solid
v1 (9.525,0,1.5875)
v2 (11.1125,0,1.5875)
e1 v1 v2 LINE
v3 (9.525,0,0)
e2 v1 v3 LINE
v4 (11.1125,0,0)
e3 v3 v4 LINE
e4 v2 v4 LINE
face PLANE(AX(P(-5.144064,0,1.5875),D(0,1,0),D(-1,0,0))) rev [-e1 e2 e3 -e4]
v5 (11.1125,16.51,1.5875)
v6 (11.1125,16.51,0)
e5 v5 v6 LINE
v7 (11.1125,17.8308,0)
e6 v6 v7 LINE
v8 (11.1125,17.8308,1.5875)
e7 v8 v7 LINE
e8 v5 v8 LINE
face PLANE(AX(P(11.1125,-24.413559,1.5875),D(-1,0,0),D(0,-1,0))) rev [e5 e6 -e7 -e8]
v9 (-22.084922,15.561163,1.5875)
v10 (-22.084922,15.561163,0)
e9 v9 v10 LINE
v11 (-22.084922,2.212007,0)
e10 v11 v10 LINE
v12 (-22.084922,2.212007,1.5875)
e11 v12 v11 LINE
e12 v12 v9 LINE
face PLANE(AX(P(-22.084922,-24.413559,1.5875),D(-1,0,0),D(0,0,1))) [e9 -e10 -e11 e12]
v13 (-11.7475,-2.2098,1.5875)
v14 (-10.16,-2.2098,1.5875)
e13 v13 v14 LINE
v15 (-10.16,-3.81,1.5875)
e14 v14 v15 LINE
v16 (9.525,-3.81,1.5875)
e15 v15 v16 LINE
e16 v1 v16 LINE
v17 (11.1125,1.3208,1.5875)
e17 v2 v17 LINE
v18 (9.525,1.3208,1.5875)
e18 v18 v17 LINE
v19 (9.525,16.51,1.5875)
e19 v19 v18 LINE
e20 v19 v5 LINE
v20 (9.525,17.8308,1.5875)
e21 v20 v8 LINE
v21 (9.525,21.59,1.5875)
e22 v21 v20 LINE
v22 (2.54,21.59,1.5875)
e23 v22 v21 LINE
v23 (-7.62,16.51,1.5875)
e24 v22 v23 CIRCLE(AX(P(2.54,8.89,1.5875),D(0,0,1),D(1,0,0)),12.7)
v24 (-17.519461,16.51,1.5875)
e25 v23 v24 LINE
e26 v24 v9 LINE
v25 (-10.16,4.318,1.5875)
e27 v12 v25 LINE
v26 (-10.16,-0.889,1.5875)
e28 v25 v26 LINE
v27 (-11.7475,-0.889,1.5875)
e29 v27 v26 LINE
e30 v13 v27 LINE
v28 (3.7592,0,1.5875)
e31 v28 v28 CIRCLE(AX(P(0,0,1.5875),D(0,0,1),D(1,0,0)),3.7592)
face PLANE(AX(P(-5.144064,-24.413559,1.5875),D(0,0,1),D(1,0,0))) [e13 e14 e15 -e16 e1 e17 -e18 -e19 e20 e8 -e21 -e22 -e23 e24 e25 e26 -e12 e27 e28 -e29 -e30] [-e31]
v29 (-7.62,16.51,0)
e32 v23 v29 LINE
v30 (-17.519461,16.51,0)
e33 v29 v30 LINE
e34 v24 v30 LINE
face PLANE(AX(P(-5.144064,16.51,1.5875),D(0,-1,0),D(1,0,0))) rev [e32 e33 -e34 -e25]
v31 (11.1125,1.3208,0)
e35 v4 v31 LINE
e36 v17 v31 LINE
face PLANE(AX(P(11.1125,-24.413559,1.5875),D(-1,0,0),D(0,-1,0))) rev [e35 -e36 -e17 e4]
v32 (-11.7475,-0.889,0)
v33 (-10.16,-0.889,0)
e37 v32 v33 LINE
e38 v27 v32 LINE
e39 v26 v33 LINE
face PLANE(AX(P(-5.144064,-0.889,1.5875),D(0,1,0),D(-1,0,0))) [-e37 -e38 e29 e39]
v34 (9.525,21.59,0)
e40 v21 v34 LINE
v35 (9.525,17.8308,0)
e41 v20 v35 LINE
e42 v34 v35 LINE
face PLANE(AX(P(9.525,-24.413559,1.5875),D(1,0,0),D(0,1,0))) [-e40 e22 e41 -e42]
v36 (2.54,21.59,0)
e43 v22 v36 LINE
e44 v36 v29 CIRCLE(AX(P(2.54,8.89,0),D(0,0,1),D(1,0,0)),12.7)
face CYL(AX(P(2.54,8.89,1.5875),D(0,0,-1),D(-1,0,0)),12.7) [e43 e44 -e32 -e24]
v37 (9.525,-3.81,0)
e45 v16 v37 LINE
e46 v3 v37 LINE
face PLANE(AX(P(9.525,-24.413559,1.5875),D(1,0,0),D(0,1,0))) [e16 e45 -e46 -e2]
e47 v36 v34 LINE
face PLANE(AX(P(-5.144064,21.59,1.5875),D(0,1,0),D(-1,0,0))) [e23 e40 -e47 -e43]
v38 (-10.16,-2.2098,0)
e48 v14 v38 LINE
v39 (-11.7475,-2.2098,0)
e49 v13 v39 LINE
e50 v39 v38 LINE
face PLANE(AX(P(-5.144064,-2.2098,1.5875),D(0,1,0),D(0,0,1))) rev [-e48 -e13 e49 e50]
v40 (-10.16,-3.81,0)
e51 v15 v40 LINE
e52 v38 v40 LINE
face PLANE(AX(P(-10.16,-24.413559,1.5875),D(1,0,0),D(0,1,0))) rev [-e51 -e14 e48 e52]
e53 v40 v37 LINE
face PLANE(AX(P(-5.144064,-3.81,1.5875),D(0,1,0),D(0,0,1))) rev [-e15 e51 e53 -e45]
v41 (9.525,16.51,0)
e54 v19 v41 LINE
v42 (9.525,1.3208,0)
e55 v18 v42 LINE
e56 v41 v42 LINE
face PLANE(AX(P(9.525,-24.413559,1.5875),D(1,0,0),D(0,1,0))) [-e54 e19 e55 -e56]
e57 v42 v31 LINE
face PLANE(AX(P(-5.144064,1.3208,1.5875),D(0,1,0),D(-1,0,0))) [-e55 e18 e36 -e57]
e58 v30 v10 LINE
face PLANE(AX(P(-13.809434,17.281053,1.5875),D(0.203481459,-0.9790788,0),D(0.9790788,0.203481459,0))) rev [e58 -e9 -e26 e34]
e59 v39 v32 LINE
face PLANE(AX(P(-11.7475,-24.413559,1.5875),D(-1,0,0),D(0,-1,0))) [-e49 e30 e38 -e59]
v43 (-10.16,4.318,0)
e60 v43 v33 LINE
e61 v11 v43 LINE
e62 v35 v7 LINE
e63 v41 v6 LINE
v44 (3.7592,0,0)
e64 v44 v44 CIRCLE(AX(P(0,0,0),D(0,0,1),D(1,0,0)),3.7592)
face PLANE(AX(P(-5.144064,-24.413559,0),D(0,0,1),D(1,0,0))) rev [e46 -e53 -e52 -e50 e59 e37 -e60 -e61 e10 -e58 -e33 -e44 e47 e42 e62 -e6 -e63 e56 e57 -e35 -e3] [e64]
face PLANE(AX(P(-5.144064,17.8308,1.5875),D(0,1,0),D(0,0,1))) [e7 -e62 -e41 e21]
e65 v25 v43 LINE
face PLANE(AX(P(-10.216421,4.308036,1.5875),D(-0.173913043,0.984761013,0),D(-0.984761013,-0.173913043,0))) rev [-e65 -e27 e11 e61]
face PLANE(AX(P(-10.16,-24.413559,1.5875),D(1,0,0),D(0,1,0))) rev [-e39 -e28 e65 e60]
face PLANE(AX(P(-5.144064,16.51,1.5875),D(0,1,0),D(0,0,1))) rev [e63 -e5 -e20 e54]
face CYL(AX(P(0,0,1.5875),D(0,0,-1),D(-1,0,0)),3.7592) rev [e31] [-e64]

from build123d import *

# Parameters (mm, degrees)
SKETCH1_R           = 3.7592
SKETCH1_W           = 1.5875
SKETCH1_H           = 1.3208
BOSS_EXTRUDE1_DEPTH = 1.5875


with BuildPart() as part:
    # Sketch1 → Boss-Extrude1 (new body)
    # profile 1 of 6: a face of its own
    with BuildSketch(Plane.XY):
        with BuildLine():
            ThreePointArc((2.54, 21.59), (-3.139612663, 20.249225326), (-7.62, 16.51))
            ThreePointArc((-7.62, 16.51), (-9.508277885, 12.906092628), (-10.16, 8.89))
            Line((-10.16, 8.89), (-10.16, 4.318))
            Line((-10.16, 4.318), (-10.16, -0.889))
            Line((-10.16, -0.889), (-10.16, -2.2098))
            Line((-10.16, -2.2098), (-10.16, -3.81))
            Line((-10.16, -3.81), (9.525, -3.81))
            Line((9.525, -3.81), (9.525, 0))
            Line((9.525, 0), (9.525, 1.3208))
            Line((9.525, 1.3208), (9.525, 16.51))
            Line((9.525, 16.51), (9.525, 17.8308))
            Line((9.525, 17.8308), (9.525, 21.59))
            Line((9.525, 21.59), (2.54, 21.59))
        make_face()
        Circle(SKETCH1_R, mode=Mode.SUBTRACT)
    # profile 2 of 6: a face of its own
    with BuildSketch(Plane.XY):
        with Locations((-10.95375, -1.5494)):
            Rectangle(SKETCH1_W, SKETCH1_H)
    # profile 3 of 6: a face of its own
    with BuildSketch(Plane.XY):
        with Locations((10.31875, 17.1704)):
            Rectangle(SKETCH1_W, SKETCH1_H)
    # profile 4 of 6: a face of its own
    with BuildSketch(Plane.XY):
        with Locations((10.31875, 0.6604)):
            Rectangle(SKETCH1_W, SKETCH1_H)
    # profile 5 of 6: a face of its own
    with BuildSketch(Plane.XY):
        with BuildLine():
            ThreePointArc((-10.16, 8.89), (-9.508277885, 12.906092628), (-7.62, 16.51))
            Line((-7.62, 16.51), (-17.51946076, 16.51))
            Line((-17.51946076, 16.51), (-22.084921519, 15.561162564))
            Line((-22.084921519, 15.561162564), (-22.084921519, 13.081))
            Line((-22.084921519, 13.081), (-22.084921519, 4.699))
            Line((-22.084921519, 4.699), (-22.084921519, 2.212007412))
            Line((-22.084921519, 2.212007412), (-10.16, 4.318))
            Line((-10.16, 4.318), (-10.16, 8.89))
        make_face()
    # profile 6 of 6: a face of its own
    with BuildSketch(Plane.XY):
        with BuildLine():
            ThreePointArc((-10.16, 8.89), (-9.508277885, 12.906092628), (-7.62, 16.51))
            Line((-7.62, 16.51), (-17.51946076, 16.51))
            Line((-17.51946076, 16.51), (-22.084921519, 15.561162564))
            Line((-22.084921519, 15.561162564), (-22.084921519, 13.081))
            Line((-22.084921519, 13.081), (-22.084921519, 4.699))
            Line((-22.084921519, 4.699), (-22.084921519, 2.212007412))
            Line((-22.084921519, 2.212007412), (-10.16, 4.318))
            Line((-10.16, 4.318), (-10.16, 8.89))
        make_face()
    extrude(amount=BOSS_EXTRUDE1_DEPTH)


solid = part.part
